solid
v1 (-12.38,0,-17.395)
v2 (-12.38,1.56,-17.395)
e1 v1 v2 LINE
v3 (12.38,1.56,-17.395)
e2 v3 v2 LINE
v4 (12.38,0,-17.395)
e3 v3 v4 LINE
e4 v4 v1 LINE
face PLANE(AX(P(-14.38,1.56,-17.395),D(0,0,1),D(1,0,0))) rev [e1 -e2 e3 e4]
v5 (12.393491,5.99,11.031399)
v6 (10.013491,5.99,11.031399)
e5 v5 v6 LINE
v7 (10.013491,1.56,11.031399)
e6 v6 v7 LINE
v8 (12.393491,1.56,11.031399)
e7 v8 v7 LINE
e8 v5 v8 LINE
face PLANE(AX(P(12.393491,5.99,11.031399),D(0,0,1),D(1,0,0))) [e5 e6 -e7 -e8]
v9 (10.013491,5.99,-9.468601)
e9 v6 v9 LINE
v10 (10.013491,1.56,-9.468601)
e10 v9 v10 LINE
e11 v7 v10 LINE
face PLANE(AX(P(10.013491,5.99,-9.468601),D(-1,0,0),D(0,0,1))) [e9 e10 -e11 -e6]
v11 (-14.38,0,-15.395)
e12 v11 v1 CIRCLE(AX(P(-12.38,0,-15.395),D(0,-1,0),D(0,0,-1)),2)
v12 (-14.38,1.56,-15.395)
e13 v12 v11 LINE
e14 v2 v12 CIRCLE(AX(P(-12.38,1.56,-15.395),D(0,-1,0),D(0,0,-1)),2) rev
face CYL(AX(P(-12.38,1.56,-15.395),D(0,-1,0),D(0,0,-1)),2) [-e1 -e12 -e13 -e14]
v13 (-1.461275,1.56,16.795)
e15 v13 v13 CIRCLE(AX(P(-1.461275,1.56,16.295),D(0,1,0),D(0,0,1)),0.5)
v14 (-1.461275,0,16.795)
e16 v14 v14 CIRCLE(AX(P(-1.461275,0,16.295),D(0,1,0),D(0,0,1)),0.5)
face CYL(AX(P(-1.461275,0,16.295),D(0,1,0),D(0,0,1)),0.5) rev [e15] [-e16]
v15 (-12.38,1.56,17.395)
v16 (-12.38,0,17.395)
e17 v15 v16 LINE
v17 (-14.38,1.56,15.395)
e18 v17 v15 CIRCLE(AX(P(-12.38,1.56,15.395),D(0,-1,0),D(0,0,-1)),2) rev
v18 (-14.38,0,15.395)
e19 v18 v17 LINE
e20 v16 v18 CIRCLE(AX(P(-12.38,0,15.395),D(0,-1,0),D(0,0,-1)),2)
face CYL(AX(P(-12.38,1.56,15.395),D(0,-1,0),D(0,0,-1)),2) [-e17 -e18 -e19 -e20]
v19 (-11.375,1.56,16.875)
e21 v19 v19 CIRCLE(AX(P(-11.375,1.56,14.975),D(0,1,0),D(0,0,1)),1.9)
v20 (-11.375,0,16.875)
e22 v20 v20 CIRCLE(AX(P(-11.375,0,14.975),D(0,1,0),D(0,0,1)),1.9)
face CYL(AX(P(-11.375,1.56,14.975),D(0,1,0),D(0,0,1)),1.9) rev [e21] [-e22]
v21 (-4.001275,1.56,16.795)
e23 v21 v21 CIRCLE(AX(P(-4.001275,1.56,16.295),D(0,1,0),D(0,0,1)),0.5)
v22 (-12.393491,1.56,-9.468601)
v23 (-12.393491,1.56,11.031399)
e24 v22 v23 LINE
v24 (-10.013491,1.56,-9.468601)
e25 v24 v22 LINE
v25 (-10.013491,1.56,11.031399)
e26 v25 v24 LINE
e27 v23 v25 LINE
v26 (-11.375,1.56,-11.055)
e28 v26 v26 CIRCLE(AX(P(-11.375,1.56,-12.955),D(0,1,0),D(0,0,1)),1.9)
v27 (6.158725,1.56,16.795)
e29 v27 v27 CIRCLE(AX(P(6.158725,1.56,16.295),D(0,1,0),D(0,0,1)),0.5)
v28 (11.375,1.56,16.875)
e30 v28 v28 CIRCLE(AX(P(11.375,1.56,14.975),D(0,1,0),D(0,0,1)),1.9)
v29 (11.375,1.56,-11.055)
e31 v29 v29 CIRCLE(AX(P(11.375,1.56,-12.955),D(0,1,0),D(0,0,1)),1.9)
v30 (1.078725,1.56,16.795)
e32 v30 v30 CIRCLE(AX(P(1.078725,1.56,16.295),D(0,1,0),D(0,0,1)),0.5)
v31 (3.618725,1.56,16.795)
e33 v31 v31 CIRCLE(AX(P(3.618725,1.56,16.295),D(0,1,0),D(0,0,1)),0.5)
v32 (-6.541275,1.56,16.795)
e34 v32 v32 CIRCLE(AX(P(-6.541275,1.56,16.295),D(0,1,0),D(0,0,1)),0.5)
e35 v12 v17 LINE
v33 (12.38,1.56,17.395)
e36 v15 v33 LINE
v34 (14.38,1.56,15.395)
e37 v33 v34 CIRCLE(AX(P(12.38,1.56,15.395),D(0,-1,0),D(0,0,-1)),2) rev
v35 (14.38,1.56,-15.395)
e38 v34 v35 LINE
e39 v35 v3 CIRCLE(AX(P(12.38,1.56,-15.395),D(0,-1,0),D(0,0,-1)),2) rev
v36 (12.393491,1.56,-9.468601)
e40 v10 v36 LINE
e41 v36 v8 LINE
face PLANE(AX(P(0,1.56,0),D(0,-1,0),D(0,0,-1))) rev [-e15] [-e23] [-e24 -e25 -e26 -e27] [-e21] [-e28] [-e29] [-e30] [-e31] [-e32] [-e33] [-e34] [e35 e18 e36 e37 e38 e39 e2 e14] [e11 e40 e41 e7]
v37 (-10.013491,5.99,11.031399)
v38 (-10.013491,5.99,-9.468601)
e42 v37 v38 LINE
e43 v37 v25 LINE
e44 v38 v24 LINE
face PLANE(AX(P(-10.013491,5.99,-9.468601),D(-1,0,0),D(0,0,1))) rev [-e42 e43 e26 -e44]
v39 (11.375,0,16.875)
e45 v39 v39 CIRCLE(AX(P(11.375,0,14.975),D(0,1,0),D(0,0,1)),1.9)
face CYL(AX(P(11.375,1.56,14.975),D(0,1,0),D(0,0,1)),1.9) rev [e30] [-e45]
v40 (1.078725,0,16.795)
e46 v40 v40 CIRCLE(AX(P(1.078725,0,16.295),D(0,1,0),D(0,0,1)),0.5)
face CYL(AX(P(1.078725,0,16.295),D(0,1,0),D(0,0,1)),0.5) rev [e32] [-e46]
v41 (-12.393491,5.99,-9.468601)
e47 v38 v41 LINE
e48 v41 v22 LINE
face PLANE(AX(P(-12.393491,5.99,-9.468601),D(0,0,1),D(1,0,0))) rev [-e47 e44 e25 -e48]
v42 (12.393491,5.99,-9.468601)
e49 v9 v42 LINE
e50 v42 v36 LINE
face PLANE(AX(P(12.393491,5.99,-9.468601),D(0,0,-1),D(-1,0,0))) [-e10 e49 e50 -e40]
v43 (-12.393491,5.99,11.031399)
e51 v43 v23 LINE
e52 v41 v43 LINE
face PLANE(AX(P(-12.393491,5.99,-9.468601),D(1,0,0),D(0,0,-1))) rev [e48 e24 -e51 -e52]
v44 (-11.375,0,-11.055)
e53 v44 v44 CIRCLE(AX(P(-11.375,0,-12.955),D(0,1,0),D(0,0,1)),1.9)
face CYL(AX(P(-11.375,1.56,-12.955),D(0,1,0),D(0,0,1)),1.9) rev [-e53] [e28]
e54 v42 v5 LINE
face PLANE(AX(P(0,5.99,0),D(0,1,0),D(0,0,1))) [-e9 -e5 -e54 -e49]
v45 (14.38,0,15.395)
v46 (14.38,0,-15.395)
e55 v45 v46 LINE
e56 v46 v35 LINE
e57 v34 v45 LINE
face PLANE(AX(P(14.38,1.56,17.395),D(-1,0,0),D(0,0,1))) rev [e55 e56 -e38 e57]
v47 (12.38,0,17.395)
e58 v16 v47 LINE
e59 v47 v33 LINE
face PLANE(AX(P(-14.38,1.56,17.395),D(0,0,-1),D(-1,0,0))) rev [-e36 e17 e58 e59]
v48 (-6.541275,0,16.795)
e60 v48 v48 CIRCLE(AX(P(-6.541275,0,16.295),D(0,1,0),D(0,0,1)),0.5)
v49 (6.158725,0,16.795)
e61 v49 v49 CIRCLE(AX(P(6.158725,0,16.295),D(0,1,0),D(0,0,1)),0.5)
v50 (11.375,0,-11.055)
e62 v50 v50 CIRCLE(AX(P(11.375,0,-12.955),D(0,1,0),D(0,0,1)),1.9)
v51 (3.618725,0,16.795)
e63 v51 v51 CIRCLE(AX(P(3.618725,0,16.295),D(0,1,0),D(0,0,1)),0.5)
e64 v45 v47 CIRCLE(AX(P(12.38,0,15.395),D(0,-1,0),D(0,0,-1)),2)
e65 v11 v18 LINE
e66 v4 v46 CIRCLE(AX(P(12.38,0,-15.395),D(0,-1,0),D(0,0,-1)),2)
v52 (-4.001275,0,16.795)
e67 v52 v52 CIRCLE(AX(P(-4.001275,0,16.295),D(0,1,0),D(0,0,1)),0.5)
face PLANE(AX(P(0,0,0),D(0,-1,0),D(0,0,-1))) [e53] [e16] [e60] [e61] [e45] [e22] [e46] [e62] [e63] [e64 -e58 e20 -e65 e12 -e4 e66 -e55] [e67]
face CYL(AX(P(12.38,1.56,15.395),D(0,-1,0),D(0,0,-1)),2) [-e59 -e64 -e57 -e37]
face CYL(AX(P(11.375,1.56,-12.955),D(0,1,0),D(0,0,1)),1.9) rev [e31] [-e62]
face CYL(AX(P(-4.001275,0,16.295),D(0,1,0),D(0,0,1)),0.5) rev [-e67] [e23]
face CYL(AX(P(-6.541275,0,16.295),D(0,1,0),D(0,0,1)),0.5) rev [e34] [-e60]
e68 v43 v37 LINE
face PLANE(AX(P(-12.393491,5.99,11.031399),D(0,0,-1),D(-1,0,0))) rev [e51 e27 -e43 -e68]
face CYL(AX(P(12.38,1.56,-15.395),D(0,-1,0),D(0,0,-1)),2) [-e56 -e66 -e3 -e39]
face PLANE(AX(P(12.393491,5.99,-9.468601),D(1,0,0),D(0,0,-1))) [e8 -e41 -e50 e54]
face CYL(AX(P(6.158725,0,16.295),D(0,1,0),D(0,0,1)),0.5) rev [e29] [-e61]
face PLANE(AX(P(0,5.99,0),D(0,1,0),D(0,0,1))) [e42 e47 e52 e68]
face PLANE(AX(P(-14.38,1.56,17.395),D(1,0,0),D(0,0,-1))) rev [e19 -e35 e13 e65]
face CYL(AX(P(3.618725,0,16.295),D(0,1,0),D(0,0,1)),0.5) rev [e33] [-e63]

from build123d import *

# Parameters (mm, degrees)
SKETCH1_W                  = 28.76
SKETCH1_H                  = 34.79
PCB_DEPTH                  = 1.56
F_3_8_3_8_DIAMETER_HOLE4_D = 3.8
SKETCH7_W                  = 2.38
SKETCH7_H                  = 20.5
HEADERS_DEPTH              = 4.43
SKETCH8_R                  = 0.5
CUT_EXTRUDE1_DEPTH         = 23.999898369
FILLET1_R                  = 2


with BuildPart() as part:
    # Sketch1 → PCB (new body)
    with BuildSketch(Plane(origin=(0, 0, 0), x_dir=(1, 0, 0), z_dir=(0, 1, 0))):
        Rectangle(SKETCH1_W, SKETCH1_H)
    extrude(amount=PCB_DEPTH)

    # Ø3.8 (3.8) Diameter Hole4 (through all)
    with Locations(Plane(origin=(0, 1.56, 0), x_dir=(1, 0, 0), z_dir=(0, 1, 0))):
        with Locations((-11.375, 12.955), (11.375, 12.955), (-11.375, -14.975), (11.375, -14.975)):
            Hole(F_3_8_3_8_DIAMETER_HOLE4_D / 2)

    # Sketch7 → Headers (add)
    with BuildSketch(Plane(origin=(0, 1.56, 0), x_dir=(1, 0, 0), z_dir=(0, 1, 0))):
        with Locations((-11.203491178, -0.781399088)):
            Rectangle(SKETCH7_W, SKETCH7_H)
    headers = extrude(amount=HEADERS_DEPTH)

    # Sketch8 → Cut-Extrude1 (cut, through all)
    with BuildSketch(Plane(origin=(0, 1.56, 0), x_dir=(1, 0, 0), z_dir=(0, 1, 0))):
        with Locations(Location((-6.541275499, -16.295, 0), (0, 0, 270))):
            Circle(SKETCH8_R)
        with Locations(Location((-4.001275499, -16.295, 0), (0, 0, 270))):
            Circle(SKETCH8_R)
        with Locations(Location((-1.461275499, -16.295, 0), (0, 0, 270))):
            Circle(SKETCH8_R)
        with Locations(Location((1.078724501, -16.295, 0), (0, 0, 270))):
            Circle(SKETCH8_R)
        with Locations(Location((3.618724501, -16.295, 0), (0, 0, 270))):
            Circle(SKETCH8_R)
        with Locations(Location((6.158724501, -16.295, 0), (0, 0, 270))):
            Circle(SKETCH8_R)
    extrude(amount=-CUT_EXTRUDE1_DEPTH, mode=Mode.SUBTRACT)

    # Mirror1: Headers across plane
    add(headers.mirror(Plane(origin=(0, 0, 0), x_dir=(0, 0, 1), z_dir=(1, 0, 0))))

    # Fillet1
    fillet1_edges = [part.edges().sort_by_distance(p)[0] for p in [
        (14.38, 0.78, 17.395),
        (-14.38, 0.78, 17.395),
        (-14.38, 0.78, -17.395),
        (14.38, 0.78, -17.395),
    ]]
    fillet(fillet1_edges, radius=FILLET1_R)


solid = part.part
